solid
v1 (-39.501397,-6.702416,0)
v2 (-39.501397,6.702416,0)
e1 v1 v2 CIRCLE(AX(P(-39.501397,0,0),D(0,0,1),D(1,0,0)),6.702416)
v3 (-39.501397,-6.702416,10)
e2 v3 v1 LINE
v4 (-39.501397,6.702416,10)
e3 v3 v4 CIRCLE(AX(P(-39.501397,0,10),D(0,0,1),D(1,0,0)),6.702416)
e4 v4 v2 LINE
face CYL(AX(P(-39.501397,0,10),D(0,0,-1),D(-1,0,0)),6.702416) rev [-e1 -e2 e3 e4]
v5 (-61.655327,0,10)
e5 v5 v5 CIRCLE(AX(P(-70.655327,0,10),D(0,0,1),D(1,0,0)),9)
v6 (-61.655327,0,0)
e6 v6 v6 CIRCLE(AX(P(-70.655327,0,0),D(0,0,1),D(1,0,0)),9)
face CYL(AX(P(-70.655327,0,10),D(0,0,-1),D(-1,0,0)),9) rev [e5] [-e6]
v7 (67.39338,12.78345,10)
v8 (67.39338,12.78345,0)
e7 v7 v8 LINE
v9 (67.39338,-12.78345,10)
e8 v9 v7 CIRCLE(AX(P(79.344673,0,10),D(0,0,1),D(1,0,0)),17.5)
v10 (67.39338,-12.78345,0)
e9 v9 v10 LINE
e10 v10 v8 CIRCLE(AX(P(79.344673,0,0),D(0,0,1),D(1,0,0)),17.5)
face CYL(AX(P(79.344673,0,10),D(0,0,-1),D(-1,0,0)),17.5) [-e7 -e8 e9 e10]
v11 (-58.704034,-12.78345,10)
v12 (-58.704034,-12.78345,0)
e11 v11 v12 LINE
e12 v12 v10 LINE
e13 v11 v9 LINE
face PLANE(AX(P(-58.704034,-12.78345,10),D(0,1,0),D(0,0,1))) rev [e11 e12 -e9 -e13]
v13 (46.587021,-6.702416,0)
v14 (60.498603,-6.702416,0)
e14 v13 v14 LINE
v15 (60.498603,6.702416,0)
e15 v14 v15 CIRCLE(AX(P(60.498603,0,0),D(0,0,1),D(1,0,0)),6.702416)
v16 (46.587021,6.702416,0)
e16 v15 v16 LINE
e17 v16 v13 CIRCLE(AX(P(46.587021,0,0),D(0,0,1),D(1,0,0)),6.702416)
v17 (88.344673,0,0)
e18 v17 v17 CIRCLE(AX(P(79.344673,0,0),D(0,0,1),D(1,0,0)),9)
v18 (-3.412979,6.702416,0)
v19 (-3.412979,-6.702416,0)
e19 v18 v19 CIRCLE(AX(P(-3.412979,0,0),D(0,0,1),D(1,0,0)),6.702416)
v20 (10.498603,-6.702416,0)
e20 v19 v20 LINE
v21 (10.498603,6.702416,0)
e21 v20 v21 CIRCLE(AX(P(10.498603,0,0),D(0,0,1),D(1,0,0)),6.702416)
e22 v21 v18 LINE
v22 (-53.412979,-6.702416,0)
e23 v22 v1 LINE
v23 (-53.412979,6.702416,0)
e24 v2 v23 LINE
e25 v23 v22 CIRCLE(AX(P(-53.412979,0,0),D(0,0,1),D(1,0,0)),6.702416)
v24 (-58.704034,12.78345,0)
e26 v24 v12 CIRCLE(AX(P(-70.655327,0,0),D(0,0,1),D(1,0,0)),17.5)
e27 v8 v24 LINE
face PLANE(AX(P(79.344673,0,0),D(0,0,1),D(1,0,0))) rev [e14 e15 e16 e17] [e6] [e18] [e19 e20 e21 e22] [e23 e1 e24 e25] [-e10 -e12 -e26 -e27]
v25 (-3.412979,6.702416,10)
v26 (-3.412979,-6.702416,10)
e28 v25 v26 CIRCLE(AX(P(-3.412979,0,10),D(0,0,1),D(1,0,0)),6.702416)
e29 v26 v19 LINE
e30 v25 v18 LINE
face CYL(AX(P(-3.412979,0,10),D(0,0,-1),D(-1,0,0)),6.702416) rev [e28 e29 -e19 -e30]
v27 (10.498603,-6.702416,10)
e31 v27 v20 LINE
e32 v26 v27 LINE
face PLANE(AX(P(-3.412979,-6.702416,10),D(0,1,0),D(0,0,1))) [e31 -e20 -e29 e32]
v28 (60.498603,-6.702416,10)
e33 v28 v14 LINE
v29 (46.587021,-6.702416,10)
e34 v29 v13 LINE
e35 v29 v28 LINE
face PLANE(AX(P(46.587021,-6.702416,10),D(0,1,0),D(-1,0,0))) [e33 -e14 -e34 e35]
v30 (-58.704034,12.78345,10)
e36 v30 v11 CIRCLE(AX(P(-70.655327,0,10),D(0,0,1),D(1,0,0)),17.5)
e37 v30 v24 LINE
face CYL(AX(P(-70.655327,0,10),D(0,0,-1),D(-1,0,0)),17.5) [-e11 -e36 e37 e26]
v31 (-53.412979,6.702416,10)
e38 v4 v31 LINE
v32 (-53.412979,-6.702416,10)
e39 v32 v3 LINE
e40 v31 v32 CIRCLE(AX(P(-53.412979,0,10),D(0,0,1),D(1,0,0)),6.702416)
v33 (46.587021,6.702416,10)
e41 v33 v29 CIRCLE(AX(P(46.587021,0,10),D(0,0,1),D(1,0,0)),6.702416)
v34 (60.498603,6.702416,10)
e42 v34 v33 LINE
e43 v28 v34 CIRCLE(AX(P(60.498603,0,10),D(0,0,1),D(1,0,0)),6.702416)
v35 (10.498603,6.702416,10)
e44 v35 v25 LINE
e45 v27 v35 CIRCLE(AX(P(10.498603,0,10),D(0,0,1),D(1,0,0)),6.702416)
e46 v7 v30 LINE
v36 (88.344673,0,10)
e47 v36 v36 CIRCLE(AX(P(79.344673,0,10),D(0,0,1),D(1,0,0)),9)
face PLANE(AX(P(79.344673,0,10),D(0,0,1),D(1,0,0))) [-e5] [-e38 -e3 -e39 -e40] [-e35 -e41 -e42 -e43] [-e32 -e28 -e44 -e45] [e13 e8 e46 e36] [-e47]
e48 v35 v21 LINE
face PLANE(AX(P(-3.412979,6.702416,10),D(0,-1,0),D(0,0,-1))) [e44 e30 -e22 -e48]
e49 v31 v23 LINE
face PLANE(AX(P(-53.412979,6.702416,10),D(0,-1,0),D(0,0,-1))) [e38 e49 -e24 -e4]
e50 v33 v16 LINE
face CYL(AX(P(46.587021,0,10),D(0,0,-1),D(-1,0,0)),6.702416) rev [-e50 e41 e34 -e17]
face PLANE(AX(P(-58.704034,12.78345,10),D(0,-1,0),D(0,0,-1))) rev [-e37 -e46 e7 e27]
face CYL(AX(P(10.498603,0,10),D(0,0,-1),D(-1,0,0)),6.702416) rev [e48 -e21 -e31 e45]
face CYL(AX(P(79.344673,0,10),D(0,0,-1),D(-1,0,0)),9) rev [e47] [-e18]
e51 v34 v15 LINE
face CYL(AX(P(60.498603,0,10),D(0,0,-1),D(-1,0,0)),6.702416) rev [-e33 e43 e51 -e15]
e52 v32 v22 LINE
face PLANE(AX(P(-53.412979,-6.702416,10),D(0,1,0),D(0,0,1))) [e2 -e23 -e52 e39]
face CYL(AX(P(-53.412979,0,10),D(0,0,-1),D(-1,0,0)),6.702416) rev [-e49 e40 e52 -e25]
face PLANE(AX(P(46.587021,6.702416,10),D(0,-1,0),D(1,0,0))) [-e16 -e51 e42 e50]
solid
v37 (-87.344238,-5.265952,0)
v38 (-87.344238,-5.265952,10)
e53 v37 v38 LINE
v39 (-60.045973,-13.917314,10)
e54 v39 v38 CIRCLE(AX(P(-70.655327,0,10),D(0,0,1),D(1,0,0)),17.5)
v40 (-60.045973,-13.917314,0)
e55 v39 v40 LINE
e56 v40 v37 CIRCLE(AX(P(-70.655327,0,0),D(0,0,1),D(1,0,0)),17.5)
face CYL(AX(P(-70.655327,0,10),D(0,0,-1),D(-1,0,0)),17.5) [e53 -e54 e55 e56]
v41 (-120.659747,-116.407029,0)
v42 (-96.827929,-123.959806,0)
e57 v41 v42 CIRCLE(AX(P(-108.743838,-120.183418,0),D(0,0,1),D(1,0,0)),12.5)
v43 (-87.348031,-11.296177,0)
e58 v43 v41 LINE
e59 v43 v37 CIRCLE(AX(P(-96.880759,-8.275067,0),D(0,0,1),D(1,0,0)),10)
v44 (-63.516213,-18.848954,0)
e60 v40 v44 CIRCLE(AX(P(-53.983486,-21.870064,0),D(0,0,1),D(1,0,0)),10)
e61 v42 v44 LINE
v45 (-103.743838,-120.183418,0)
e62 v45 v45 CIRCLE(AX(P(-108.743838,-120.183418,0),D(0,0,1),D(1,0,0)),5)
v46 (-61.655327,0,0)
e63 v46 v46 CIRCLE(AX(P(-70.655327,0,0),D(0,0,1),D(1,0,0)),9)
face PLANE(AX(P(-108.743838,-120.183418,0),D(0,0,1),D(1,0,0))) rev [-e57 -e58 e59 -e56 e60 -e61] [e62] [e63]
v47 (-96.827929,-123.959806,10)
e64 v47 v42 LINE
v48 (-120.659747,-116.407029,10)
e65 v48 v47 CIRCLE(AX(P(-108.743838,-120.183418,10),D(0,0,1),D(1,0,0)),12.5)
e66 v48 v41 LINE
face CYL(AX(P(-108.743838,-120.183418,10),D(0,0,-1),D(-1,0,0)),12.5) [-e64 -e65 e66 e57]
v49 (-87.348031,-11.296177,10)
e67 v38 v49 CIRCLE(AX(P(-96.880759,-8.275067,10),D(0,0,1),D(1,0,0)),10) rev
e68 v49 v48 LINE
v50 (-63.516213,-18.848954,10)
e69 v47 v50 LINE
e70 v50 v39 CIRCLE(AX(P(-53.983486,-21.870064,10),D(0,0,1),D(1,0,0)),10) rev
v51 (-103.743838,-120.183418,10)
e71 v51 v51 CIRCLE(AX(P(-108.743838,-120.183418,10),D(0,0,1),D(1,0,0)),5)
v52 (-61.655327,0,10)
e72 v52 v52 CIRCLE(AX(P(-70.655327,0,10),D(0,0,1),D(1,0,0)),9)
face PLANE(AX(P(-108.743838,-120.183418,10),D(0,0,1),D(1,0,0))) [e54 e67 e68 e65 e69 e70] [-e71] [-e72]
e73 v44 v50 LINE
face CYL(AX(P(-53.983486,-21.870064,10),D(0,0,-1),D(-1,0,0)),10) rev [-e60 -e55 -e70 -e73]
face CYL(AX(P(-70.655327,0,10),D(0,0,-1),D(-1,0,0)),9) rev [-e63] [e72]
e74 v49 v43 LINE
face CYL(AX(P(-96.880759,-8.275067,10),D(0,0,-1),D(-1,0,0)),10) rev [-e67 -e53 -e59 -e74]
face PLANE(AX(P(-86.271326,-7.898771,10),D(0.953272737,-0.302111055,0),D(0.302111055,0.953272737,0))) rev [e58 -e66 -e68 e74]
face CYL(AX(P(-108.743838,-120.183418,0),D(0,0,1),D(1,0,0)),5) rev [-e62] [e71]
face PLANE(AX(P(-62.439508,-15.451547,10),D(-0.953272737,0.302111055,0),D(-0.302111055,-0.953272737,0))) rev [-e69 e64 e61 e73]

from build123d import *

# Parameters (mm, degrees)
SKETCH1_R           = 9
BOSS_EXTRUDE3_DEPTH = 10
SKETCH2_R           = 9
BOSS_EXTRUDE2_DEPTH = 10
SKETCH3_R           = 5
CUT_EXTRUDE1_DEPTH  = 10
FILLET1_R           = 10


with BuildPart() as part:
    # Sketch1 → Boss-Extrude3 (new body)
    with BuildSketch(Plane.XY):
        with BuildLine():
            Line((-58.704034486, 12.783450444), (67.393380319, 12.783450444))
            ThreePointArc((67.393380319, 12.783450444), (96.844672917, 0), (67.393380319, -12.783450444))
            Line((67.393380319, -12.783450444), (-58.704034486, -12.783450444))
            ThreePointArc((-58.704034486, -12.783450444), (-88.155327083, 0), (-58.704034486, 12.783450444))
        make_face()
        with Locations((-70.655327083, 0)):
            Circle(SKETCH1_R, mode=Mode.SUBTRACT)
        with Locations((79.344672917, 0)):
            Circle(SKETCH1_R, mode=Mode.SUBTRACT)
        with BuildLine():
            Line((-53.412978839, 6.702415671), (-39.501397037, 6.702415671))
            ThreePointArc((-39.501397037, 6.702415671), (-32.798981366, 0), (-39.501397037, -6.702415671))
            Line((-39.501397037, -6.702415671), (-53.412978839, -6.702415671))
            ThreePointArc((-53.412978839, -6.702415671), (-60.11539451, 0), (-53.412978839, 6.702415671))
        make_face(mode=Mode.SUBTRACT)
        with BuildLine():
            Line((-3.412978839, 6.702415671), (10.498602963, 6.702415671))
            ThreePointArc((10.498602963, 6.702415671), (17.201018634, 0), (10.498602963, -6.702415671))
            Line((10.498602963, -6.702415671), (-3.412978839, -6.702415671))
            ThreePointArc((-3.412978839, -6.702415671), (-10.11539451, 0), (-3.412978839, 6.702415671))
        make_face(mode=Mode.SUBTRACT)
        with BuildLine():
            Line((46.587021161, 6.702415671), (60.498602963, 6.702415671))
            ThreePointArc((60.498602963, 6.702415671), (67.201018634, 0), (60.498602963, -6.702415671))
            Line((60.498602963, -6.702415671), (46.587021161, -6.702415671))
            ThreePointArc((46.587021161, -6.702415671), (39.88460549, 0), (46.587021161, 6.702415671))
        make_face(mode=Mode.SUBTRACT)
    extrude(amount=BOSS_EXTRUDE3_DEPTH)


with BuildPart() as body_2:
    # Sketch2 → Boss-Extrude2 (new body)
    with BuildSketch(Plane.XY):
        with BuildLine():
            Line((-62.439507531, -15.451547142), (-96.827928866, -123.959805763))
            ThreePointArc((-96.827928866, -123.959805763), (-112.520226263, -132.09932678), (-120.65974728, -116.407029382))
            Line((-120.65974728, -116.407029382), (-86.271325945, -7.898770761))
            ThreePointArc((-86.271325945, -7.898770761), (-65.368383617, 16.68227289), (-62.439507531, -15.451547142))
        make_face()
        with Locations((-70.655327083, 0)):
            Circle(SKETCH2_R, mode=Mode.SUBTRACT)
    extrude(amount=BOSS_EXTRUDE2_DEPTH)

    # Sketch3 → Cut-Extrude1 (cut)
    with BuildSketch(Plane.XY.offset(10)):
        with Locations((-108.743838073, -120.183417573)):
            Circle(SKETCH3_R)
    extrude(amount=-CUT_EXTRUDE1_DEPTH, mode=Mode.SUBTRACT)

    # Fillet1
    fillet1_edges = [body_2.edges().sort_by_distance(p)[0] for p in [
        (-86.271325945, -7.898770761, 5),
        (-62.439507531, -15.451547142, 5),
    ]]
    fillet(fillet1_edges, radius=FILLET1_R)


solid = Compound([part.part, body_2.part])
